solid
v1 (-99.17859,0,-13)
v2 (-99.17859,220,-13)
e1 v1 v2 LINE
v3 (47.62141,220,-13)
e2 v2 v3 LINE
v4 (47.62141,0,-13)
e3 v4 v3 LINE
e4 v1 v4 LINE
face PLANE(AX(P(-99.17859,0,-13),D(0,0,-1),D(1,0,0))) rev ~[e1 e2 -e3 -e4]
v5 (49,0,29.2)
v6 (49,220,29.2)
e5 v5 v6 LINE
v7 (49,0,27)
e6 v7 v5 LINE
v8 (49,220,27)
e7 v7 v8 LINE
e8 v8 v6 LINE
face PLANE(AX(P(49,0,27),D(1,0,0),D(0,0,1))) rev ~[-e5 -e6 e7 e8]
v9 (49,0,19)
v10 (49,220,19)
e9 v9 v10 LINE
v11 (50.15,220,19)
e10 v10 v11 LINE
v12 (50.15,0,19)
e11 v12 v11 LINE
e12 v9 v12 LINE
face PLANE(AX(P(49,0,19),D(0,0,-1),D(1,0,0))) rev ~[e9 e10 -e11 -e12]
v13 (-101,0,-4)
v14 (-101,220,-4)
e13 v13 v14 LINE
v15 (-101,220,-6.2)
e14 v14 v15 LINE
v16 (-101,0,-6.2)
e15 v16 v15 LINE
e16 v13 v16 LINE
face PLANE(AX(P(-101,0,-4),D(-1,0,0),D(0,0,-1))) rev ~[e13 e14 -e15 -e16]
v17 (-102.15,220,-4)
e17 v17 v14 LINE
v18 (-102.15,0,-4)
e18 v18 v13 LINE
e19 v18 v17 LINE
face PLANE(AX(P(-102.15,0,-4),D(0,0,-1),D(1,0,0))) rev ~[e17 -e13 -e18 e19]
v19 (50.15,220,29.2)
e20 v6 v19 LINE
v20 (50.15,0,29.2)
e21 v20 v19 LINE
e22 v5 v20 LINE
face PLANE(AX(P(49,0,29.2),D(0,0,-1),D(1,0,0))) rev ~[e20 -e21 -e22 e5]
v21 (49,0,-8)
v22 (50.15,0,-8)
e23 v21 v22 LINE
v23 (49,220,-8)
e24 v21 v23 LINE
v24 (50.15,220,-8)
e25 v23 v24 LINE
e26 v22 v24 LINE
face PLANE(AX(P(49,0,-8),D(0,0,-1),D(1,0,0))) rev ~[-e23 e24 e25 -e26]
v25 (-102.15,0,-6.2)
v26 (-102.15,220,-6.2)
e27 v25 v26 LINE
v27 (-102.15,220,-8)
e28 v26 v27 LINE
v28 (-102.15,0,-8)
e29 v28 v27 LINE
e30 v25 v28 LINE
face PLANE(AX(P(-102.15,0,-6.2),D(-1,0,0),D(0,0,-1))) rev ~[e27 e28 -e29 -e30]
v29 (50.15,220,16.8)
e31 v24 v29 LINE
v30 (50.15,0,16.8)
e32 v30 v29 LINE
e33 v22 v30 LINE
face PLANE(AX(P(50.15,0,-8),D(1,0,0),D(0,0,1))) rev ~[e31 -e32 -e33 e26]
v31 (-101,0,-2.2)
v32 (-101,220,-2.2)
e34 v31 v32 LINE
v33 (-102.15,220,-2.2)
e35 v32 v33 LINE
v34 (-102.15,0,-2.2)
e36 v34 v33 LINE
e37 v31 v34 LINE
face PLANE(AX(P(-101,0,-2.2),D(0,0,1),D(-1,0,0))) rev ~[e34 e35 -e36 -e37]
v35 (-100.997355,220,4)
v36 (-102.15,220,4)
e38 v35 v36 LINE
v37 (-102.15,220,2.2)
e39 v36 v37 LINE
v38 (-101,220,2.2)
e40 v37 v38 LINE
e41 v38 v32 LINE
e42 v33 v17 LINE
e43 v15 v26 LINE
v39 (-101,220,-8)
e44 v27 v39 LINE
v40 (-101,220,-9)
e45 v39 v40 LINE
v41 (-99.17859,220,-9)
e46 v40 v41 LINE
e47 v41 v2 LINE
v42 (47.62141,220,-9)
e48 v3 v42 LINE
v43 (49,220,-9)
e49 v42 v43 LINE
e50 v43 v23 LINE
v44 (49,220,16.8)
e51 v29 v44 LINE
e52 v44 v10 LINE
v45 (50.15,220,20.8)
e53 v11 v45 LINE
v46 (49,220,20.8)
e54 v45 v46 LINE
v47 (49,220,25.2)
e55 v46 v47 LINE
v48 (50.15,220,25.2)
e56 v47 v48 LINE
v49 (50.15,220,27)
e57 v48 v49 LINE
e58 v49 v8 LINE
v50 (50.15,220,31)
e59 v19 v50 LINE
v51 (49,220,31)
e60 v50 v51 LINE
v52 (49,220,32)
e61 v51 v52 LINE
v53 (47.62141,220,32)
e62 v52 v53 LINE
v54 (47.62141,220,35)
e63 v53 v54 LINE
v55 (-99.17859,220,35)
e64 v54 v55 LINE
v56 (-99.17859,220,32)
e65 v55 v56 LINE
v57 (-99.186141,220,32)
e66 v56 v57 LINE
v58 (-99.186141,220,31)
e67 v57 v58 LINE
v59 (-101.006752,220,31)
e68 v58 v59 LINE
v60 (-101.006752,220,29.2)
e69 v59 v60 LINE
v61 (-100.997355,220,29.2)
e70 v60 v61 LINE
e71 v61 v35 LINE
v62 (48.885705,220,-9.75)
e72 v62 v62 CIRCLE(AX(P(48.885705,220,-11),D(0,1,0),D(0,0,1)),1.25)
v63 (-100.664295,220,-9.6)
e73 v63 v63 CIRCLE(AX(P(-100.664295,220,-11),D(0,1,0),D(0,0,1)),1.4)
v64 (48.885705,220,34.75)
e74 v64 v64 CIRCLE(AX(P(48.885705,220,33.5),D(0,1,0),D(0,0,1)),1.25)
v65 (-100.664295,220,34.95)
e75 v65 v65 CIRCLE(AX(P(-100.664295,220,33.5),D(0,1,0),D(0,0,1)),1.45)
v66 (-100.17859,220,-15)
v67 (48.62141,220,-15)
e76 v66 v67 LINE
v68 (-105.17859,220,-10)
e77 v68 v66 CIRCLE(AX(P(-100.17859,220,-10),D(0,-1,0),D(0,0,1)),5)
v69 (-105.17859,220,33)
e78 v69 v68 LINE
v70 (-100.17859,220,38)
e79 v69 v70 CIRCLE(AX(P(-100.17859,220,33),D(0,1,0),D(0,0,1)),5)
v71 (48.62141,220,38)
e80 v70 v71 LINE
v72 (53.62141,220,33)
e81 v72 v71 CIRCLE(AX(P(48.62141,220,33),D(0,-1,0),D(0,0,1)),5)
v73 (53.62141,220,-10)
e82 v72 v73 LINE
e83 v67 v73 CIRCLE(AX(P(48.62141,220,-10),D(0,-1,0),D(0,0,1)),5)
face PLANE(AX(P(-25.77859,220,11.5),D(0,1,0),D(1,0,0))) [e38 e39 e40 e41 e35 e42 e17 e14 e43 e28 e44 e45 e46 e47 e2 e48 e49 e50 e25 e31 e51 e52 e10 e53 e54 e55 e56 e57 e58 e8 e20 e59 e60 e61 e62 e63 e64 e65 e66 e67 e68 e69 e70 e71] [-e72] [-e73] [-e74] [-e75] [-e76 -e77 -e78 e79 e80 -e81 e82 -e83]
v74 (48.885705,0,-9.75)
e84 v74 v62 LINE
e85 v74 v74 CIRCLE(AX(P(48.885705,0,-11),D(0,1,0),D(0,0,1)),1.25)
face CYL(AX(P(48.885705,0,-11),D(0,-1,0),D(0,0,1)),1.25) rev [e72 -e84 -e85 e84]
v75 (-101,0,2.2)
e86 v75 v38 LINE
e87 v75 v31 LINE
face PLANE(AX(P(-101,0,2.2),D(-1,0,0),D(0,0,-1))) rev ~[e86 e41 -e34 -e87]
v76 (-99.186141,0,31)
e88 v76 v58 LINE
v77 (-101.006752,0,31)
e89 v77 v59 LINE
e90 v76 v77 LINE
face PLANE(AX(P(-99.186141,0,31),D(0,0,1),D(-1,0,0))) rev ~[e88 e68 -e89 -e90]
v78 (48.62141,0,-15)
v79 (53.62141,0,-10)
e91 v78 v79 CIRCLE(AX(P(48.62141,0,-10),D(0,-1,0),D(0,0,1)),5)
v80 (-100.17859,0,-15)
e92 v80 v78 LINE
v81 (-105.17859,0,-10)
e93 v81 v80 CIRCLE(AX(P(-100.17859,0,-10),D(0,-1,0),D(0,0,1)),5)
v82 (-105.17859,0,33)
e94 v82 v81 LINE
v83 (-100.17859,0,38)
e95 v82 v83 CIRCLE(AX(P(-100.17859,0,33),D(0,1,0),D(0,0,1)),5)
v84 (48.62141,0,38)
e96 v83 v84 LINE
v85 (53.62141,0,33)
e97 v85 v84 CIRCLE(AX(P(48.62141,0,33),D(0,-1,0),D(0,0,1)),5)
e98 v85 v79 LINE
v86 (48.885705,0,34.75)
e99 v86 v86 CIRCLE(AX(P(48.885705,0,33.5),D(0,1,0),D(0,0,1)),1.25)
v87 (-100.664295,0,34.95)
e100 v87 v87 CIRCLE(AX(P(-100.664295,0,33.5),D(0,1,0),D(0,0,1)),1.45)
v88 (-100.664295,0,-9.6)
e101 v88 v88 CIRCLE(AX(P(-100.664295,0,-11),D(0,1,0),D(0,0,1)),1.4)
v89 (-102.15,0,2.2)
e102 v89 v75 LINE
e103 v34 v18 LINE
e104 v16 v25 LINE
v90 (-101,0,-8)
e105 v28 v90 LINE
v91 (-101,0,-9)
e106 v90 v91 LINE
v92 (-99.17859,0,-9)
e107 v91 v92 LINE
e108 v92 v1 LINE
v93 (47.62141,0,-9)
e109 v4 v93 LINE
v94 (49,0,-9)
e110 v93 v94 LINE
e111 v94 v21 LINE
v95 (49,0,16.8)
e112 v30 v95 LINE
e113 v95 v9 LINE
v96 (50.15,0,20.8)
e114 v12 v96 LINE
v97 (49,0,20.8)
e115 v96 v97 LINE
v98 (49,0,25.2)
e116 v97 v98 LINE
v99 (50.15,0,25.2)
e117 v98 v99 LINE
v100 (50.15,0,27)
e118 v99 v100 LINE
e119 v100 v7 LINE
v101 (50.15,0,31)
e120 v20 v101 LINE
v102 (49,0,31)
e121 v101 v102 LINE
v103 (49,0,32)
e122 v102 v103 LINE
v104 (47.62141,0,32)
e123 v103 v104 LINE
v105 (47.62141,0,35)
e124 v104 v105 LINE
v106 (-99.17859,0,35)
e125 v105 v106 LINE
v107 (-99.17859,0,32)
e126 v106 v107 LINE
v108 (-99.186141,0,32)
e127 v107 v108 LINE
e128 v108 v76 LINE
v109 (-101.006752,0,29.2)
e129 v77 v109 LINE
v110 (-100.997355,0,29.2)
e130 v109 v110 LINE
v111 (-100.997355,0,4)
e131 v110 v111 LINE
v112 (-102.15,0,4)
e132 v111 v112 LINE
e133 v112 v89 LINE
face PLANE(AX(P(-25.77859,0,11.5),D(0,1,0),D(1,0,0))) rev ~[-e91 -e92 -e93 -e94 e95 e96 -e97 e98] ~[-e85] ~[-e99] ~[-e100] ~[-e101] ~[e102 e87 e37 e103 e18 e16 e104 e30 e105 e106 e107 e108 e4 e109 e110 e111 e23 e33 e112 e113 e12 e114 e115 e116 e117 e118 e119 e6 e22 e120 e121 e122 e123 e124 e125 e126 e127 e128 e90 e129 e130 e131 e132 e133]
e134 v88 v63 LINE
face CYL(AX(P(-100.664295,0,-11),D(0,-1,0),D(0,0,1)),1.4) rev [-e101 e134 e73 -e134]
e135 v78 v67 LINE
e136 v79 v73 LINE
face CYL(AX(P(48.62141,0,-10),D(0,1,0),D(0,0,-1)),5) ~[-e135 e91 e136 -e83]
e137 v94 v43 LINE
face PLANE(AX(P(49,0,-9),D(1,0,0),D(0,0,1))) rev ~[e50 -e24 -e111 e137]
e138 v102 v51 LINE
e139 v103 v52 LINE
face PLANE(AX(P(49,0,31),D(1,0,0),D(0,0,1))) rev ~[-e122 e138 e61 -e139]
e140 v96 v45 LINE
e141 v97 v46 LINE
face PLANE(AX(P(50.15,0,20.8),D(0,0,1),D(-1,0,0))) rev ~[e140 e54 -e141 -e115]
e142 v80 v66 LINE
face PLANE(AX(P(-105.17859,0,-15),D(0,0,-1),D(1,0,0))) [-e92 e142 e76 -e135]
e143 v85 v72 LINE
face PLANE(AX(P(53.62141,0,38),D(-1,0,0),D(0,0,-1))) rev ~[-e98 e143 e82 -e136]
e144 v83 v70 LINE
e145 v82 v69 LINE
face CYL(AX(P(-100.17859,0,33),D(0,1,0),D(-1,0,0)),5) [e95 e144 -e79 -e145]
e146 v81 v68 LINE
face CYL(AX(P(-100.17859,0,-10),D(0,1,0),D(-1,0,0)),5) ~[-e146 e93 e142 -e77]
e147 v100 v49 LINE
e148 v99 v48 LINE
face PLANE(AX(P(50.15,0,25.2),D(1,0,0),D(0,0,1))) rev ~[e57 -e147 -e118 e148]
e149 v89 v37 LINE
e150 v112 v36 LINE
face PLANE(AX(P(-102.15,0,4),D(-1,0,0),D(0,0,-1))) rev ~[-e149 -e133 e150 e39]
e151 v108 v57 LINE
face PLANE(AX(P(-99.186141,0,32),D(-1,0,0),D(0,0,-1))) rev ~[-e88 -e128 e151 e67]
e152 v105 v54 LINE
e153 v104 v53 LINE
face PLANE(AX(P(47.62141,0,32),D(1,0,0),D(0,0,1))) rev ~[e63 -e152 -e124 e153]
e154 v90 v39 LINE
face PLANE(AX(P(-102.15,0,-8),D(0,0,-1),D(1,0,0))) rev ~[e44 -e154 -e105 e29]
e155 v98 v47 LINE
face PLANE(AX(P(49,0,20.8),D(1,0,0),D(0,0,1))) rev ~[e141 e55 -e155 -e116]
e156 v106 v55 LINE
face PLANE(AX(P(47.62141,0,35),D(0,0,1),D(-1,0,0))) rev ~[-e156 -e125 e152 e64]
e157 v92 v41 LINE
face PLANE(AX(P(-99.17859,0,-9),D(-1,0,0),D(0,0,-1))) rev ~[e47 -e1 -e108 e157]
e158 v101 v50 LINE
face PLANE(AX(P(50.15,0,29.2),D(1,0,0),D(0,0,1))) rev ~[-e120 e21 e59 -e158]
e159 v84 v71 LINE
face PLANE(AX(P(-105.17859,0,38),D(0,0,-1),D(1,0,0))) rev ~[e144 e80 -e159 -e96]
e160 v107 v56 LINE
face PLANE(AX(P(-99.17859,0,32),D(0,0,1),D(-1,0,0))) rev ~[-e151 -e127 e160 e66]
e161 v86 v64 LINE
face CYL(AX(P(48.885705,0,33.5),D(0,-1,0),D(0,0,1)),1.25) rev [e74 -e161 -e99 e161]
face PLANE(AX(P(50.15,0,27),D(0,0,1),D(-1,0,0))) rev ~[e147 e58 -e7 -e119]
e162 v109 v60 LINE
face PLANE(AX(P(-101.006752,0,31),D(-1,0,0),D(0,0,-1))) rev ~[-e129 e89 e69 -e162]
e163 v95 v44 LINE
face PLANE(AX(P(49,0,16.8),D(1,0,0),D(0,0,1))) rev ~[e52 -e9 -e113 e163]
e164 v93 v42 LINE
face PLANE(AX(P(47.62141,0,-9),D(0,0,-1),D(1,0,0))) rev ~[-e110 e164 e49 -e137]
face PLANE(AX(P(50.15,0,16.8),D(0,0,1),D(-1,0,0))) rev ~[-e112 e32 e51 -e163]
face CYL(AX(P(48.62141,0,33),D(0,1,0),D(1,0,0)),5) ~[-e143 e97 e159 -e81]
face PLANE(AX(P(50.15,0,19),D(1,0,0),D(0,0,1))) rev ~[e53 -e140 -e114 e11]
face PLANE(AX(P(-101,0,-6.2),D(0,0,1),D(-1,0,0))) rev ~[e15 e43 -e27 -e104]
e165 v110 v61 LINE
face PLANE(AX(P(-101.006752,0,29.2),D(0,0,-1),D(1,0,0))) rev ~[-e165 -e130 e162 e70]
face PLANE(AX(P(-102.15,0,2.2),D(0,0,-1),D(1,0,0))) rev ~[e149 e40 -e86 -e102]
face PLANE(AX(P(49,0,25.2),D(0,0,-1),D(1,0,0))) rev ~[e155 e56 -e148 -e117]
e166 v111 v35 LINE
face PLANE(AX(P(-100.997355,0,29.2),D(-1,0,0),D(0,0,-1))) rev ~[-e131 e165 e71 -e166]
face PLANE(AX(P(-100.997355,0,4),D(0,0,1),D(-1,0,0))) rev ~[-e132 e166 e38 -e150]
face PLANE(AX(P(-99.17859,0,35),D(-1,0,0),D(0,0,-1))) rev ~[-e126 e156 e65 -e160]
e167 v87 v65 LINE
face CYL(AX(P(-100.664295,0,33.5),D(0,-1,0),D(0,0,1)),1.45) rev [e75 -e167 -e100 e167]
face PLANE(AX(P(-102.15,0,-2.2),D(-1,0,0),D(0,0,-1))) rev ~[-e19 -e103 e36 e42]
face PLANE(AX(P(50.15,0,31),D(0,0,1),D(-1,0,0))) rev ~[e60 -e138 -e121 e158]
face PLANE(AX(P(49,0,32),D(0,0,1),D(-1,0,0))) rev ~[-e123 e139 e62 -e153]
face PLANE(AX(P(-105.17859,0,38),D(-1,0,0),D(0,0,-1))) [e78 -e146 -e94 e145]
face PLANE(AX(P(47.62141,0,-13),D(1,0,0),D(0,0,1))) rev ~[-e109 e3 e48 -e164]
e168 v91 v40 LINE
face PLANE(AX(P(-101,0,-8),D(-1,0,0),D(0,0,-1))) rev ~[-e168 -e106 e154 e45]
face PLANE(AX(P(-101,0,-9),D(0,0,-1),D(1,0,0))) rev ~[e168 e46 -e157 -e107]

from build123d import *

# Parameters (mm, degrees)
SKETCH1_W           = 158.8
SKETCH1_H           = 53
SKETCH1_R           = 1.4
SKETCH1_R_2         = 1.25
SKETCH1_R_3         = 1.45
BOSS_EXTRUDE1_DEPTH = 220
FILLET1_R           = 5
FILLET2_R           = 5
FILLET3_R           = 5
FILLET4_R           = 5


with BuildPart() as part:
    # Sketch1 → Boss-Extrude1 (new body)
    with BuildSketch(Plane(origin=(0, 0, 0), x_dir=(1, 0, 0), z_dir=(0, 1, 0))):
        with Locations((-25.778590477, -11.5)):
            Rectangle(SKETCH1_W, SKETCH1_H)
        with Locations(Location((-100.664295238, 11, 0), (0, 0, 270))):
            Circle(SKETCH1_R, mode=Mode.SUBTRACT)
        with Locations(Location((48.885704762, 11, 0), (0, 0, 270))):
            Circle(SKETCH1_R_2, mode=Mode.SUBTRACT)
        with Locations(Location((-100.664295238, -33.5, 0), (0, 0, 270))):
            Circle(SKETCH1_R_3, mode=Mode.SUBTRACT)
        with Locations(Location((48.885704762, -33.5, 0), (0, 0, 270))):
            Circle(SKETCH1_R_2, mode=Mode.SUBTRACT)
        Polygon((49, -31), (49, -32), (47.621409523, -32), (47.621409523, -35), (-99.178590477, -35), (-99.178590477, -32), (-99.186141089, -32), (-99.186141089, -31), (-101.006752445, -31), (-101.006752445, -29.2), (-100.997355004, -29.2), (-100.997355004, -4), (-102.15, -4), (-102.15, -2.2), (-101, -2.2), (-101, 2.2), (-102.15, 2.2), (-102.15, 4), (-101, 4), (-101, 6.2), (-102.15, 6.2), (-102.15, 8), (-101, 8), (-101, 9), (-99.178590477, 9), (-99.178590477, 13), (47.621409523, 13), (47.621409523, 9), (49, 9), (49, 8), (50.15, 8), (50.15, -16.8), (49, -16.8), (49, -19), (50.15, -19), (50.15, -20.8), (49, -20.8), (49, -25.2), (50.15, -25.2), (50.15, -27), (49, -27), (49, -29.2), (50.15, -29.2), (50.15, -31), align=None, mode=Mode.SUBTRACT)
    extrude(amount=BOSS_EXTRUDE1_DEPTH)

    # Fillet1
    fillet1_edges = [part.edges().sort_by_distance(p)[0] for p in [
        (-105.178590477, 110, -15),
    ]]
    fillet(fillet1_edges, radius=FILLET1_R)

    # Fillet2
    fillet2_edges = [part.edges().sort_by_distance(p)[0] for p in [
        (-105.178590477, 110, 38),
    ]]
    fillet(fillet2_edges, radius=FILLET2_R)

    # Fillet3
    fillet3_edges = [part.edges().sort_by_distance(p)[0] for p in [
        (53.621409523, 110, -15),
    ]]
    fillet(fillet3_edges, radius=FILLET3_R)

    # Fillet4
    fillet4_edges = [part.edges().sort_by_distance(p)[0] for p in [
        (53.621409523, 110, 38),
    ]]
    fillet(fillet4_edges, radius=FILLET4_R)


solid = part.part
